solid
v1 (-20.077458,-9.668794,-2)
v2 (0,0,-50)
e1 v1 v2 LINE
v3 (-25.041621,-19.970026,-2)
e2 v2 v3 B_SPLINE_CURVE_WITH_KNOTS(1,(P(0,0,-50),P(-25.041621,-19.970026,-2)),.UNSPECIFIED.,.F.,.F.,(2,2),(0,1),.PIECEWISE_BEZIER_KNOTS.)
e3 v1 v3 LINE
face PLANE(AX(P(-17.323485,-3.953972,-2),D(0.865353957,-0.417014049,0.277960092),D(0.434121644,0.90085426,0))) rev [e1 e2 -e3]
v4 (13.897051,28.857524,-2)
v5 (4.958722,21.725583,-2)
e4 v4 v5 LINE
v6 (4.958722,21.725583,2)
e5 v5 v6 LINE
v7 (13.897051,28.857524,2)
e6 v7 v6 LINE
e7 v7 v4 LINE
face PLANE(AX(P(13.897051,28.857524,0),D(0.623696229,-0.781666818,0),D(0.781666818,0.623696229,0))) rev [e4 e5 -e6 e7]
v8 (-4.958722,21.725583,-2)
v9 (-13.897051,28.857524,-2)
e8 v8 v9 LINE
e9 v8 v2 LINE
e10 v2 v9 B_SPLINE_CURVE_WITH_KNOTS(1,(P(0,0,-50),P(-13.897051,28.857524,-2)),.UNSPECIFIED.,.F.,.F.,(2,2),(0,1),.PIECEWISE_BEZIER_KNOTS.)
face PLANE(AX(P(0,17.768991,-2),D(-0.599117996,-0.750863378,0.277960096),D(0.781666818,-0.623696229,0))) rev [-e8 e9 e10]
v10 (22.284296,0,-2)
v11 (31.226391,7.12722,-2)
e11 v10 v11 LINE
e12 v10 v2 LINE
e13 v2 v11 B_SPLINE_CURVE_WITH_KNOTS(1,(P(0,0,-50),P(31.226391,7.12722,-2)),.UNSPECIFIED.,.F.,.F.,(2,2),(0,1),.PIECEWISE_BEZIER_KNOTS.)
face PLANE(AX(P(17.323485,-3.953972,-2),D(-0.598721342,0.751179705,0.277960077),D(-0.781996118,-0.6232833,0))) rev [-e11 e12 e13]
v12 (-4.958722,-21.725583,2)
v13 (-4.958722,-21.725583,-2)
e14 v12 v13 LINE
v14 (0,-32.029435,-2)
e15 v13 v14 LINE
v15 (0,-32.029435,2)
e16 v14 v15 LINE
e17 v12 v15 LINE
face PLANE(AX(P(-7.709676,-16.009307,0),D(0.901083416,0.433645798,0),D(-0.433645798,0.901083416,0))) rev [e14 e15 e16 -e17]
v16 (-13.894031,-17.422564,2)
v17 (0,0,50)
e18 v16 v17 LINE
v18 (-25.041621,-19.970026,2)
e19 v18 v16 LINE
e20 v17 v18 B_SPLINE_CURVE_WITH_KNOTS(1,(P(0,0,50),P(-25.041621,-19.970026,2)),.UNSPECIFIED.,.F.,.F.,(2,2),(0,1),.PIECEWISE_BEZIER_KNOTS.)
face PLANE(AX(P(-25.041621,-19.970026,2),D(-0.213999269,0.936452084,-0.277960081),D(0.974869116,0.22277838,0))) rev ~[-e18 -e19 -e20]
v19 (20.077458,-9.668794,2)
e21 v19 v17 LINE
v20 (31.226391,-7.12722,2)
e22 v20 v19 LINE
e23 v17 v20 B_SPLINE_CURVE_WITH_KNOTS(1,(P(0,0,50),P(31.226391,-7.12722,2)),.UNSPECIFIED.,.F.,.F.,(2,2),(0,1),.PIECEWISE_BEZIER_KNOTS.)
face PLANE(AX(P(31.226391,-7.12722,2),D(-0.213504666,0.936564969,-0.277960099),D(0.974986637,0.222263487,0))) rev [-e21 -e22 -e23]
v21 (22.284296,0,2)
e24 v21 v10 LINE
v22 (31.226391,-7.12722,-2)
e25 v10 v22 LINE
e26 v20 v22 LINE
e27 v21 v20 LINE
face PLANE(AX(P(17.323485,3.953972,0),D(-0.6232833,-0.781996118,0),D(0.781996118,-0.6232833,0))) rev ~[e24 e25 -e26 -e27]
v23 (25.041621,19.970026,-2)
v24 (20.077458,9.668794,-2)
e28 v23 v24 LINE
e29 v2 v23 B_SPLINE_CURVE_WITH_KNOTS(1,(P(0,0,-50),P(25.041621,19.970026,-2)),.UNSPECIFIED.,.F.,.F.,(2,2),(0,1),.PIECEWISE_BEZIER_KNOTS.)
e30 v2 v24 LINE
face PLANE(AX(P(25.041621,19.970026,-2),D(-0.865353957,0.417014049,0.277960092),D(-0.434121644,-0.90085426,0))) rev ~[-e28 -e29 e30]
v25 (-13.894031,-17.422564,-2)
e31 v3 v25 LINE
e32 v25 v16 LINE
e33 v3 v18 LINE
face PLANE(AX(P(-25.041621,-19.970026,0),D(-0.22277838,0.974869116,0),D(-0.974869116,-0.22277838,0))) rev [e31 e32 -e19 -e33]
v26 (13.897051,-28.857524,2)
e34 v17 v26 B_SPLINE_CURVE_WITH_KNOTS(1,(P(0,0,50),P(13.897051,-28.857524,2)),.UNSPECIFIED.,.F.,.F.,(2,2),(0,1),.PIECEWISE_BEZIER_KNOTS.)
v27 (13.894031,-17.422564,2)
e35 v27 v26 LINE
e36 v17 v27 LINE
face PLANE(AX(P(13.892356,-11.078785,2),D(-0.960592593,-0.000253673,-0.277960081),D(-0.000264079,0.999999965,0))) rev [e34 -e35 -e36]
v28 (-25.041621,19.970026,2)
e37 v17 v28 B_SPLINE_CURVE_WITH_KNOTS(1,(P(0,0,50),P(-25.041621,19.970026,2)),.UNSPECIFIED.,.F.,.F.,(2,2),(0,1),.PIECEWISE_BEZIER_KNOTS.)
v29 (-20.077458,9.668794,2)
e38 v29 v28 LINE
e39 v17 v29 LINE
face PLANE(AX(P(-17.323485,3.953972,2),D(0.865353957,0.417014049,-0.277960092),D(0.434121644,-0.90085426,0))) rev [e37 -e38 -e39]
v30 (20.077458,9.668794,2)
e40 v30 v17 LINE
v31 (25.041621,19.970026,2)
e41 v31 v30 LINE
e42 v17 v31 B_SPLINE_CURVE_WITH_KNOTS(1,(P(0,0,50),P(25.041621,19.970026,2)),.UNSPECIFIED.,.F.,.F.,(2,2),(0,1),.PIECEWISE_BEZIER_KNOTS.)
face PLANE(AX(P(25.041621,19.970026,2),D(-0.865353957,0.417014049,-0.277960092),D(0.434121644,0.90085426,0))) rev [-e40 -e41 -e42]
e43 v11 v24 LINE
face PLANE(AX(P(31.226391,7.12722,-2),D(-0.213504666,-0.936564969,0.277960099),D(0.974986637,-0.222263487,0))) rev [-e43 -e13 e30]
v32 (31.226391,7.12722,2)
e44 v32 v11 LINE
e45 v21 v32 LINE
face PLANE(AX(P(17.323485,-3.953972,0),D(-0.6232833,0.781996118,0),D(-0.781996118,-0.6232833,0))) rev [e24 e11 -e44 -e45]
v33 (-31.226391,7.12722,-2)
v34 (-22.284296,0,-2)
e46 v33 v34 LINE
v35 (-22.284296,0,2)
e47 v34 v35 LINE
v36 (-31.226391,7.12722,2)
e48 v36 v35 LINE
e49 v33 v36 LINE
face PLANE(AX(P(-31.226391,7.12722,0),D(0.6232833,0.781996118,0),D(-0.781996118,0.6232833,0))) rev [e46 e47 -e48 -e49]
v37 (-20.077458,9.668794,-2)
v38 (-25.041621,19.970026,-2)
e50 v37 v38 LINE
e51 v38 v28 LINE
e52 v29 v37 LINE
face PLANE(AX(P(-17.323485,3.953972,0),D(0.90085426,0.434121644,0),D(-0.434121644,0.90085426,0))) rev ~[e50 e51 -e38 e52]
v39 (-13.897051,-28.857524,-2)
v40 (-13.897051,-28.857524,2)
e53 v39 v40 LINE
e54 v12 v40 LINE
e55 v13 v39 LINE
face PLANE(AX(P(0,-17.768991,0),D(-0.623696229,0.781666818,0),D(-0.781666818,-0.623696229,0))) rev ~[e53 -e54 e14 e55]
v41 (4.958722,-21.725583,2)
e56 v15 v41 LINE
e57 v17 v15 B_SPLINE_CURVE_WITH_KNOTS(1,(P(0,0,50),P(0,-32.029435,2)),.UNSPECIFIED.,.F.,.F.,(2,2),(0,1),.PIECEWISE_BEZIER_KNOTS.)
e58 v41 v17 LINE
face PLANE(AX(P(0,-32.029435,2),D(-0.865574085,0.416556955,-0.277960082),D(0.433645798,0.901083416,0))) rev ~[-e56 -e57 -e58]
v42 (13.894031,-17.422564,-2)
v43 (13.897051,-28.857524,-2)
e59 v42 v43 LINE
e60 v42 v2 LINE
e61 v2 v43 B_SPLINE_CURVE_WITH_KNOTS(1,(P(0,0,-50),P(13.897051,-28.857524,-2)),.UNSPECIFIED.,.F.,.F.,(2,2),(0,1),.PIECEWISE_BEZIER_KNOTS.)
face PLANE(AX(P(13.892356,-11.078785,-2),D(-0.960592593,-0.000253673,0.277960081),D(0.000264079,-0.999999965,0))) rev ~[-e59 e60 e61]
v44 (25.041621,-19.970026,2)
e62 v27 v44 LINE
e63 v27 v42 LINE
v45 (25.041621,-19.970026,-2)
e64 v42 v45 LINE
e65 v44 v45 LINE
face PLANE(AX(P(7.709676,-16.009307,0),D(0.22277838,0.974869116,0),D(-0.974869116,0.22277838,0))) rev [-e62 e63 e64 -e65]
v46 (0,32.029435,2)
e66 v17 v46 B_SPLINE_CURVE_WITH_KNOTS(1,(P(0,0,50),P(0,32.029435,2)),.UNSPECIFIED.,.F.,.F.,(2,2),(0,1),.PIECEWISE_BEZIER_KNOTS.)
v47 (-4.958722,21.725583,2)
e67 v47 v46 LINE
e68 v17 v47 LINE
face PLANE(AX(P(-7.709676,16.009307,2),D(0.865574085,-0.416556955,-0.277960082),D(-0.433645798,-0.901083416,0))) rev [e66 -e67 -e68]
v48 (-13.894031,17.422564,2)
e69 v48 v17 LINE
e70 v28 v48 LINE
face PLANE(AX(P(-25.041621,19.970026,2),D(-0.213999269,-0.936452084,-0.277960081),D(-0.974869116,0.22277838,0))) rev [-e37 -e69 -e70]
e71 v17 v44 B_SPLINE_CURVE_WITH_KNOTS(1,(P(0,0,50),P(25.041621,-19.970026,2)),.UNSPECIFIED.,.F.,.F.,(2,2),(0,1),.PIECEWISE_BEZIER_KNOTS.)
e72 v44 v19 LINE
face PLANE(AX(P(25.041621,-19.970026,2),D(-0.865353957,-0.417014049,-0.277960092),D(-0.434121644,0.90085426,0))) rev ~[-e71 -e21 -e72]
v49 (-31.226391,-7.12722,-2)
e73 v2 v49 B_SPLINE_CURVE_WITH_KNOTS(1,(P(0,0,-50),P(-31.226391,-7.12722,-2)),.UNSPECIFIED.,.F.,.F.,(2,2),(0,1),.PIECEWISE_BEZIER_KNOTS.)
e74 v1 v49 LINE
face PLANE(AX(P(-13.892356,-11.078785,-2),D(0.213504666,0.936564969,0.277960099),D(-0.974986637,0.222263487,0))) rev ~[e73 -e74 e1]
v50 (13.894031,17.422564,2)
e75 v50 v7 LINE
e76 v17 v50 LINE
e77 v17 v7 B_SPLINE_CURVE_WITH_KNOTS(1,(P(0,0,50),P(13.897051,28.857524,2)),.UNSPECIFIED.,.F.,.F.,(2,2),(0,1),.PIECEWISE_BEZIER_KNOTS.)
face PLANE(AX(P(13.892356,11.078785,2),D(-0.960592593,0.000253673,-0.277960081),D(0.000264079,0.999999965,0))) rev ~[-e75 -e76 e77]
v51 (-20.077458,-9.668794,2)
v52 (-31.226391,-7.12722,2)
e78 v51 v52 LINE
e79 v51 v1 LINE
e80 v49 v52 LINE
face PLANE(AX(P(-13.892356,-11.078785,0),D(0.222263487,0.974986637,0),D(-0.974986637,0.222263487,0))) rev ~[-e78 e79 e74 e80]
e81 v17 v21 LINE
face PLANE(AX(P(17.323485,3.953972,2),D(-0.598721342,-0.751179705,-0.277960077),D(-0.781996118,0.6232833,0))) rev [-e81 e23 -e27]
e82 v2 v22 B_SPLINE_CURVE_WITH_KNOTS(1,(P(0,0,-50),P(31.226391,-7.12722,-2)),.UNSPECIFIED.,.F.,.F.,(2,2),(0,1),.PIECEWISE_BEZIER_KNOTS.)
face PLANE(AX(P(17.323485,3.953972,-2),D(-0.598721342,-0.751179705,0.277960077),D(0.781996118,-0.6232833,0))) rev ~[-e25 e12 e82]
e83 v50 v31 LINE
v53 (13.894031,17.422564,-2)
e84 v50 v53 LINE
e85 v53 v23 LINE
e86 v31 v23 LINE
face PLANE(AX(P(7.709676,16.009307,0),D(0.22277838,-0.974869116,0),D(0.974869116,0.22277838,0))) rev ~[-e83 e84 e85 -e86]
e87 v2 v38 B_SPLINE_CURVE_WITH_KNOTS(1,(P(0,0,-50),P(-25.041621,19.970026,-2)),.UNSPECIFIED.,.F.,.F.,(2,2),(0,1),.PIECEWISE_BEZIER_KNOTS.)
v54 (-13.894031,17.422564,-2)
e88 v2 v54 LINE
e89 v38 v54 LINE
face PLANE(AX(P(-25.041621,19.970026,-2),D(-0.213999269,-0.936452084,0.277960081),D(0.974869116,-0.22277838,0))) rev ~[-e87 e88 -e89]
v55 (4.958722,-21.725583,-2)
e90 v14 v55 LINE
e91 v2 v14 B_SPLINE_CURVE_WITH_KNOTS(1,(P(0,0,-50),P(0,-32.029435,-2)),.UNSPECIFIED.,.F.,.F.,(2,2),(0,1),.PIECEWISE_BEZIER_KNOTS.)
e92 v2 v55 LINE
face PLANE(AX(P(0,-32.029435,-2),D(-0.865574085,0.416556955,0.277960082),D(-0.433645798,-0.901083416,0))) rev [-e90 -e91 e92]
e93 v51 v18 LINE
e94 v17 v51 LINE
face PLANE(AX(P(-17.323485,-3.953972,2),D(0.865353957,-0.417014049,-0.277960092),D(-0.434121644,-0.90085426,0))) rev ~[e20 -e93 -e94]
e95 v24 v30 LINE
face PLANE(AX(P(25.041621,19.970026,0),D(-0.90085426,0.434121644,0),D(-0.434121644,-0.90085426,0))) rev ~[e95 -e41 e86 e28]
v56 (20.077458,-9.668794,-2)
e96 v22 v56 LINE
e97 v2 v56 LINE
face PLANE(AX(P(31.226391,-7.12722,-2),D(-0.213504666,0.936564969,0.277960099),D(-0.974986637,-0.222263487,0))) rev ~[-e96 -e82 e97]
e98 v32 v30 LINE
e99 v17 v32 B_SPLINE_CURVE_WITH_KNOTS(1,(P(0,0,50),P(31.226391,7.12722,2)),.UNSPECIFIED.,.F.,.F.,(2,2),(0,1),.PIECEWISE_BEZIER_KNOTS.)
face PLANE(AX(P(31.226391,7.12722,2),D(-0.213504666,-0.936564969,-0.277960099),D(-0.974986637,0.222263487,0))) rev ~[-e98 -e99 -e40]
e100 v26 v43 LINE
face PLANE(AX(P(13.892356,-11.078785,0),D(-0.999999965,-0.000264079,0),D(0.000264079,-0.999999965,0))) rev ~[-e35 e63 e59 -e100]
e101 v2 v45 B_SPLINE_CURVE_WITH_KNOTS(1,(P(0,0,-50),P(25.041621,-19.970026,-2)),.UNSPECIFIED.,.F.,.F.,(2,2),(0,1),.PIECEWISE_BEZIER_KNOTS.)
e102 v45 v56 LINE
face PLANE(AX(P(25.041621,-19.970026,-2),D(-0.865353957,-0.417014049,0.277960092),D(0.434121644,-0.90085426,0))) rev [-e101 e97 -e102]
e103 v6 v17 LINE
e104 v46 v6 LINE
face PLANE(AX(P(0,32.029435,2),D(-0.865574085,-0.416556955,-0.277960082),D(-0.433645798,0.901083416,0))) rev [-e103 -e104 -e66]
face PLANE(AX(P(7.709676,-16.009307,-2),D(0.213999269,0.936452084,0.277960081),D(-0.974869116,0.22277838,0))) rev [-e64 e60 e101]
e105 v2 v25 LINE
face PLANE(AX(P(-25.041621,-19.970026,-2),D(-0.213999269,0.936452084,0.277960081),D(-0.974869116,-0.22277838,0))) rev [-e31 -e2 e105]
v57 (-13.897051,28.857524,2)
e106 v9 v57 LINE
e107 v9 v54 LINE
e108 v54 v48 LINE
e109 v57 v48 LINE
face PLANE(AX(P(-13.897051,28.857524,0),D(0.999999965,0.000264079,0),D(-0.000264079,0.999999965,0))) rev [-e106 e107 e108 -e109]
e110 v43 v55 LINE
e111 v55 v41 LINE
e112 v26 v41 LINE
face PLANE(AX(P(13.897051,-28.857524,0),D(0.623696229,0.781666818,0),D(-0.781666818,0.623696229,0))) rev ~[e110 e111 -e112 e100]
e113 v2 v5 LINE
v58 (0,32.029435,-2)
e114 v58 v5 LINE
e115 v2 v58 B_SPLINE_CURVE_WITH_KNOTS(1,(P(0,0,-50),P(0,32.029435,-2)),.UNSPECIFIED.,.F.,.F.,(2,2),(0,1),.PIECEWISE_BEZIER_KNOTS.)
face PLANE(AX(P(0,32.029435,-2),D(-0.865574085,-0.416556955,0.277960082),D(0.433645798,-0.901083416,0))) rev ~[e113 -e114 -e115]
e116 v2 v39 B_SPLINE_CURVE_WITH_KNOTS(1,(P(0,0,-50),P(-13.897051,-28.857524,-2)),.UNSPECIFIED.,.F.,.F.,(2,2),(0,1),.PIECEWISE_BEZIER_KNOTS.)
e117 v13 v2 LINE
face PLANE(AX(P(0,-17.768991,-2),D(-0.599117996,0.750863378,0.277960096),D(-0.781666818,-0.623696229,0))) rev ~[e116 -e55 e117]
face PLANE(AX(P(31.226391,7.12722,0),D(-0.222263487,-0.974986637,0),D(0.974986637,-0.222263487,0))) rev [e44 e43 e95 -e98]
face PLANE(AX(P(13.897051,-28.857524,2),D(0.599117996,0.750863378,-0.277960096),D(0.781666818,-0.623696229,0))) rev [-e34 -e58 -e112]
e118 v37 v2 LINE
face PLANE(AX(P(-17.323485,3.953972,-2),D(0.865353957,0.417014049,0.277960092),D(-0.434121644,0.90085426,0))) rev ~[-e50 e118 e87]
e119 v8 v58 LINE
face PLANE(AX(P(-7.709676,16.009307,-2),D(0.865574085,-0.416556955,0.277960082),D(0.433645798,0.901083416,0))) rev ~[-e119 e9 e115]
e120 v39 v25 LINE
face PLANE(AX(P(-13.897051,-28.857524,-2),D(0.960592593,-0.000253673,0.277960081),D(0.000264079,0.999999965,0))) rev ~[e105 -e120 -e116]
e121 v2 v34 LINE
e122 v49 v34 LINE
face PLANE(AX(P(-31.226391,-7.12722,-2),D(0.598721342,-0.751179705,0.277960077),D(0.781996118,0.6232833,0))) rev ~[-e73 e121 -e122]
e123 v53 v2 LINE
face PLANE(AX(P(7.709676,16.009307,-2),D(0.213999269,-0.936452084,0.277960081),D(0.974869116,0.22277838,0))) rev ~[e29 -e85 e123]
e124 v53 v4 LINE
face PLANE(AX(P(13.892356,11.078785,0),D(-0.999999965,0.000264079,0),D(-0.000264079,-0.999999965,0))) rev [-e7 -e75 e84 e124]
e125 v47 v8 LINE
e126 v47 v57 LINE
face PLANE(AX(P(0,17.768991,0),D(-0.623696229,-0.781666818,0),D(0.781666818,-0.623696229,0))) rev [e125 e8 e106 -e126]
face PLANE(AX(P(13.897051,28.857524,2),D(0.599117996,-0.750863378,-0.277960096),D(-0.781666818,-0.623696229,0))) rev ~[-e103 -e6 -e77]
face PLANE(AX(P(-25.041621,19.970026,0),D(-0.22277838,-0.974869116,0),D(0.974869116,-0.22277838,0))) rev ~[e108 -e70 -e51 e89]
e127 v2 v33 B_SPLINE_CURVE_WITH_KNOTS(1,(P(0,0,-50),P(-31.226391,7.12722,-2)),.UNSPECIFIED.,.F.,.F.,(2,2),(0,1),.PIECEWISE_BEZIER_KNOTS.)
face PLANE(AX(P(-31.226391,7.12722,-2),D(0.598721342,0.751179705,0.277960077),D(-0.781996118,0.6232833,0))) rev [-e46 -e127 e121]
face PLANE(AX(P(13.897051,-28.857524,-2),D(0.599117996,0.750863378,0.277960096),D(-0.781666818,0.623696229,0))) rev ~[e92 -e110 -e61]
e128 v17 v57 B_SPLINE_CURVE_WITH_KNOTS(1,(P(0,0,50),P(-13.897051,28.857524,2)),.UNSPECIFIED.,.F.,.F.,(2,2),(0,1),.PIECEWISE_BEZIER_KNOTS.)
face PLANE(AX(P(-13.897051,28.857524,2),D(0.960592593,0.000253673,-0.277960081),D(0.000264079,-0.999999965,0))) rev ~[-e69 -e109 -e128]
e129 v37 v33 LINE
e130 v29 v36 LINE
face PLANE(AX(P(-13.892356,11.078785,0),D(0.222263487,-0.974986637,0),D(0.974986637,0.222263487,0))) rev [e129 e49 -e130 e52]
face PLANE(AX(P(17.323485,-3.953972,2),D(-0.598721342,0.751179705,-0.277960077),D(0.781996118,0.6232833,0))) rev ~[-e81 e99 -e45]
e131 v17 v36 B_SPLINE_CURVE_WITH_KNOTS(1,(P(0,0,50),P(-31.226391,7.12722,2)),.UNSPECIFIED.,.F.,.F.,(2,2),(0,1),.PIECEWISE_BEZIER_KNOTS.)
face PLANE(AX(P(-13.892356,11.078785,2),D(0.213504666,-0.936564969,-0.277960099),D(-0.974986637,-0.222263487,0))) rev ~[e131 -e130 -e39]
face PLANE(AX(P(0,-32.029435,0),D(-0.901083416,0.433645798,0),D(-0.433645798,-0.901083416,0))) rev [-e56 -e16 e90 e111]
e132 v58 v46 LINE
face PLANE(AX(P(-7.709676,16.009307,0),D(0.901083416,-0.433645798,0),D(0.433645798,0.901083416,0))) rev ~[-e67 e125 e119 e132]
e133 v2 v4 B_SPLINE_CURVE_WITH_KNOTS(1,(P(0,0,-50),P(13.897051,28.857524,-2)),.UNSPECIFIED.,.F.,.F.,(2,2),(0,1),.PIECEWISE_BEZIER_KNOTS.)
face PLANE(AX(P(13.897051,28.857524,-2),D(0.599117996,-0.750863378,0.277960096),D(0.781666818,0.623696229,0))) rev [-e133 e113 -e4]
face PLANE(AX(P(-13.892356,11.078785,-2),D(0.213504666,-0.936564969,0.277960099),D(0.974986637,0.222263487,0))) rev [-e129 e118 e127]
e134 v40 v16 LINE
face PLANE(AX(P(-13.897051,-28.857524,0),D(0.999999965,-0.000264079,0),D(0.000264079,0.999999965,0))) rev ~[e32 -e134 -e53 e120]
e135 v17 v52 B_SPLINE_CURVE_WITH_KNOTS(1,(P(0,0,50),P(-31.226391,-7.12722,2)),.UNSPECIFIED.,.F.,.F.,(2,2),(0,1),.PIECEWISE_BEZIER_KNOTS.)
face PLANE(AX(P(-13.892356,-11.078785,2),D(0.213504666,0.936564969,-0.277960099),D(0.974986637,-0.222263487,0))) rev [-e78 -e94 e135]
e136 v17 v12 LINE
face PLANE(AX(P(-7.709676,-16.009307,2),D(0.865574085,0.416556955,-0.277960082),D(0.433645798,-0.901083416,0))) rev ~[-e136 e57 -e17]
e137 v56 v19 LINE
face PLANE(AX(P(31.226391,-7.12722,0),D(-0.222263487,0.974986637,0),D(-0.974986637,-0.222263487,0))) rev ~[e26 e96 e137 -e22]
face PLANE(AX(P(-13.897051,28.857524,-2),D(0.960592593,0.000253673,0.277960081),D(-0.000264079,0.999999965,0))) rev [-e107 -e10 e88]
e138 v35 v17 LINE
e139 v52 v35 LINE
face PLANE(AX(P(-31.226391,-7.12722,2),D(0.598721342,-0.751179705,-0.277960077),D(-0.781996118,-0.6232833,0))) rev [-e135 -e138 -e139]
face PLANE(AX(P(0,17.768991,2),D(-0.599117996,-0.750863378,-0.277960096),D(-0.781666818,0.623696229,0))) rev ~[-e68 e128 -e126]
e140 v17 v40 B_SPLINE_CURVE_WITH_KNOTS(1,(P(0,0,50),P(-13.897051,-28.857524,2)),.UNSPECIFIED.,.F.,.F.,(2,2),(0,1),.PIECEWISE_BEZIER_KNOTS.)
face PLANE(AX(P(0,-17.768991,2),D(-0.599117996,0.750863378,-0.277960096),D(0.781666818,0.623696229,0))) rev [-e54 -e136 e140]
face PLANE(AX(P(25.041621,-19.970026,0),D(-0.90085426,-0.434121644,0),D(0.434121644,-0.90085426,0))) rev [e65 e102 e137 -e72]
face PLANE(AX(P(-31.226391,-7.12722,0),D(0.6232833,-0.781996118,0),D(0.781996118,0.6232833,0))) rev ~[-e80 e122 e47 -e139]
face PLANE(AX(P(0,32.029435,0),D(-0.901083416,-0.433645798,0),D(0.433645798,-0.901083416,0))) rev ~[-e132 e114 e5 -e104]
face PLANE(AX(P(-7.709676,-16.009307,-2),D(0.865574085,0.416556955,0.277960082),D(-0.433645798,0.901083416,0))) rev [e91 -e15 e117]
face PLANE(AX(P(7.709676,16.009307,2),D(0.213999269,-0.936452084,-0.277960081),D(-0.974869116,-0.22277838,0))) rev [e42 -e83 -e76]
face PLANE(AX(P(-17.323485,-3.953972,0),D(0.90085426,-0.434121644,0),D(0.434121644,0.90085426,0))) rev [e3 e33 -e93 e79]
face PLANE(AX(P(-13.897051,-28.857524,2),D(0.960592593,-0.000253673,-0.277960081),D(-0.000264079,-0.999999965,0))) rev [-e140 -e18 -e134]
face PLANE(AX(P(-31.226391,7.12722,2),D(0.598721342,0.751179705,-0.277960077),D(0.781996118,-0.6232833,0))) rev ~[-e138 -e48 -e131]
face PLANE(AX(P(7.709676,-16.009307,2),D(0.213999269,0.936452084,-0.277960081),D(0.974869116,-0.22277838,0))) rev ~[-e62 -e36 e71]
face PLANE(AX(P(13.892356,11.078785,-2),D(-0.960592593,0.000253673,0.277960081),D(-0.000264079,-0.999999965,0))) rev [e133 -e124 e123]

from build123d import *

# Parameters (mm, degrees)
F2_DEPTH = 2


with BuildPart() as f2:
    # F0 (on Top) → F2 (new body)
    with BuildSketch(Plane.XY):
        Polygon((-13.892356, 11.078785), (-17.323485, -3.953972), (-7.709676, -16.009307), (7.709676, -16.009307), (17.323485, -3.953972), (13.892356, 11.078785), (0, 17.768991), (-13.897051, 28.857524), align=None)
        Polygon((17.323485, -3.953972), (7.709676, -16.009307), (25.041621, -19.970026), align=None)
        Polygon((13.892356, 11.078785), (17.323485, -3.953972), (31.226391, 7.12722), align=None)
        Polygon((7.709676, -16.009307), (-7.709676, -16.009307), (0, -32.029435), align=None)
        Polygon((-7.709676, -16.009307), (-17.323485, -3.953972), (-25.041621, -19.970026), align=None)
        Polygon((-31.226391, 7.12722), (-17.323485, -3.953972), (-13.892356, 11.078785), align=None)
        Polygon((13.897051, 28.857524), (0, 17.768991), (13.892356, 11.078785), align=None)
    extrude(amount=F2_DEPTH)

    # F2_face (on face) → F4 section 0
    with BuildSketch(Plane.XY.offset(2), mode=Mode.PRIVATE) as f4_s0:
        Polygon((0, 17.768991), (-13.897051, 28.857524), (-13.892356, 11.078785), (-31.226391, 7.12722), (-17.323485, -3.953972), (-25.041621, -19.970026), (-7.709676, -16.009307), (0, -32.029435), (7.709676, -16.009307), (25.041621, -19.970026), (17.323485, -3.953972), (31.226391, 7.12722), (13.892356, 11.078785), (13.897051, 28.857524), align=None)
    loft([Vertex(0, 0, 50), f4_s0.sketch])

    # F5: F2 across face


with BuildPart() as f2_1:
    add(f2.part)
    add(f2.part.mirror(Plane(origin=(0, 0, 0), x_dir=(1, 0, 0), z_dir=(0, 0, -1))))

    # F6: F2 across plane


with BuildPart() as f2_2:
    add(f2_1.part)
    add(f2_1.part.mirror(Plane.XZ))


solid = f2_2.part
